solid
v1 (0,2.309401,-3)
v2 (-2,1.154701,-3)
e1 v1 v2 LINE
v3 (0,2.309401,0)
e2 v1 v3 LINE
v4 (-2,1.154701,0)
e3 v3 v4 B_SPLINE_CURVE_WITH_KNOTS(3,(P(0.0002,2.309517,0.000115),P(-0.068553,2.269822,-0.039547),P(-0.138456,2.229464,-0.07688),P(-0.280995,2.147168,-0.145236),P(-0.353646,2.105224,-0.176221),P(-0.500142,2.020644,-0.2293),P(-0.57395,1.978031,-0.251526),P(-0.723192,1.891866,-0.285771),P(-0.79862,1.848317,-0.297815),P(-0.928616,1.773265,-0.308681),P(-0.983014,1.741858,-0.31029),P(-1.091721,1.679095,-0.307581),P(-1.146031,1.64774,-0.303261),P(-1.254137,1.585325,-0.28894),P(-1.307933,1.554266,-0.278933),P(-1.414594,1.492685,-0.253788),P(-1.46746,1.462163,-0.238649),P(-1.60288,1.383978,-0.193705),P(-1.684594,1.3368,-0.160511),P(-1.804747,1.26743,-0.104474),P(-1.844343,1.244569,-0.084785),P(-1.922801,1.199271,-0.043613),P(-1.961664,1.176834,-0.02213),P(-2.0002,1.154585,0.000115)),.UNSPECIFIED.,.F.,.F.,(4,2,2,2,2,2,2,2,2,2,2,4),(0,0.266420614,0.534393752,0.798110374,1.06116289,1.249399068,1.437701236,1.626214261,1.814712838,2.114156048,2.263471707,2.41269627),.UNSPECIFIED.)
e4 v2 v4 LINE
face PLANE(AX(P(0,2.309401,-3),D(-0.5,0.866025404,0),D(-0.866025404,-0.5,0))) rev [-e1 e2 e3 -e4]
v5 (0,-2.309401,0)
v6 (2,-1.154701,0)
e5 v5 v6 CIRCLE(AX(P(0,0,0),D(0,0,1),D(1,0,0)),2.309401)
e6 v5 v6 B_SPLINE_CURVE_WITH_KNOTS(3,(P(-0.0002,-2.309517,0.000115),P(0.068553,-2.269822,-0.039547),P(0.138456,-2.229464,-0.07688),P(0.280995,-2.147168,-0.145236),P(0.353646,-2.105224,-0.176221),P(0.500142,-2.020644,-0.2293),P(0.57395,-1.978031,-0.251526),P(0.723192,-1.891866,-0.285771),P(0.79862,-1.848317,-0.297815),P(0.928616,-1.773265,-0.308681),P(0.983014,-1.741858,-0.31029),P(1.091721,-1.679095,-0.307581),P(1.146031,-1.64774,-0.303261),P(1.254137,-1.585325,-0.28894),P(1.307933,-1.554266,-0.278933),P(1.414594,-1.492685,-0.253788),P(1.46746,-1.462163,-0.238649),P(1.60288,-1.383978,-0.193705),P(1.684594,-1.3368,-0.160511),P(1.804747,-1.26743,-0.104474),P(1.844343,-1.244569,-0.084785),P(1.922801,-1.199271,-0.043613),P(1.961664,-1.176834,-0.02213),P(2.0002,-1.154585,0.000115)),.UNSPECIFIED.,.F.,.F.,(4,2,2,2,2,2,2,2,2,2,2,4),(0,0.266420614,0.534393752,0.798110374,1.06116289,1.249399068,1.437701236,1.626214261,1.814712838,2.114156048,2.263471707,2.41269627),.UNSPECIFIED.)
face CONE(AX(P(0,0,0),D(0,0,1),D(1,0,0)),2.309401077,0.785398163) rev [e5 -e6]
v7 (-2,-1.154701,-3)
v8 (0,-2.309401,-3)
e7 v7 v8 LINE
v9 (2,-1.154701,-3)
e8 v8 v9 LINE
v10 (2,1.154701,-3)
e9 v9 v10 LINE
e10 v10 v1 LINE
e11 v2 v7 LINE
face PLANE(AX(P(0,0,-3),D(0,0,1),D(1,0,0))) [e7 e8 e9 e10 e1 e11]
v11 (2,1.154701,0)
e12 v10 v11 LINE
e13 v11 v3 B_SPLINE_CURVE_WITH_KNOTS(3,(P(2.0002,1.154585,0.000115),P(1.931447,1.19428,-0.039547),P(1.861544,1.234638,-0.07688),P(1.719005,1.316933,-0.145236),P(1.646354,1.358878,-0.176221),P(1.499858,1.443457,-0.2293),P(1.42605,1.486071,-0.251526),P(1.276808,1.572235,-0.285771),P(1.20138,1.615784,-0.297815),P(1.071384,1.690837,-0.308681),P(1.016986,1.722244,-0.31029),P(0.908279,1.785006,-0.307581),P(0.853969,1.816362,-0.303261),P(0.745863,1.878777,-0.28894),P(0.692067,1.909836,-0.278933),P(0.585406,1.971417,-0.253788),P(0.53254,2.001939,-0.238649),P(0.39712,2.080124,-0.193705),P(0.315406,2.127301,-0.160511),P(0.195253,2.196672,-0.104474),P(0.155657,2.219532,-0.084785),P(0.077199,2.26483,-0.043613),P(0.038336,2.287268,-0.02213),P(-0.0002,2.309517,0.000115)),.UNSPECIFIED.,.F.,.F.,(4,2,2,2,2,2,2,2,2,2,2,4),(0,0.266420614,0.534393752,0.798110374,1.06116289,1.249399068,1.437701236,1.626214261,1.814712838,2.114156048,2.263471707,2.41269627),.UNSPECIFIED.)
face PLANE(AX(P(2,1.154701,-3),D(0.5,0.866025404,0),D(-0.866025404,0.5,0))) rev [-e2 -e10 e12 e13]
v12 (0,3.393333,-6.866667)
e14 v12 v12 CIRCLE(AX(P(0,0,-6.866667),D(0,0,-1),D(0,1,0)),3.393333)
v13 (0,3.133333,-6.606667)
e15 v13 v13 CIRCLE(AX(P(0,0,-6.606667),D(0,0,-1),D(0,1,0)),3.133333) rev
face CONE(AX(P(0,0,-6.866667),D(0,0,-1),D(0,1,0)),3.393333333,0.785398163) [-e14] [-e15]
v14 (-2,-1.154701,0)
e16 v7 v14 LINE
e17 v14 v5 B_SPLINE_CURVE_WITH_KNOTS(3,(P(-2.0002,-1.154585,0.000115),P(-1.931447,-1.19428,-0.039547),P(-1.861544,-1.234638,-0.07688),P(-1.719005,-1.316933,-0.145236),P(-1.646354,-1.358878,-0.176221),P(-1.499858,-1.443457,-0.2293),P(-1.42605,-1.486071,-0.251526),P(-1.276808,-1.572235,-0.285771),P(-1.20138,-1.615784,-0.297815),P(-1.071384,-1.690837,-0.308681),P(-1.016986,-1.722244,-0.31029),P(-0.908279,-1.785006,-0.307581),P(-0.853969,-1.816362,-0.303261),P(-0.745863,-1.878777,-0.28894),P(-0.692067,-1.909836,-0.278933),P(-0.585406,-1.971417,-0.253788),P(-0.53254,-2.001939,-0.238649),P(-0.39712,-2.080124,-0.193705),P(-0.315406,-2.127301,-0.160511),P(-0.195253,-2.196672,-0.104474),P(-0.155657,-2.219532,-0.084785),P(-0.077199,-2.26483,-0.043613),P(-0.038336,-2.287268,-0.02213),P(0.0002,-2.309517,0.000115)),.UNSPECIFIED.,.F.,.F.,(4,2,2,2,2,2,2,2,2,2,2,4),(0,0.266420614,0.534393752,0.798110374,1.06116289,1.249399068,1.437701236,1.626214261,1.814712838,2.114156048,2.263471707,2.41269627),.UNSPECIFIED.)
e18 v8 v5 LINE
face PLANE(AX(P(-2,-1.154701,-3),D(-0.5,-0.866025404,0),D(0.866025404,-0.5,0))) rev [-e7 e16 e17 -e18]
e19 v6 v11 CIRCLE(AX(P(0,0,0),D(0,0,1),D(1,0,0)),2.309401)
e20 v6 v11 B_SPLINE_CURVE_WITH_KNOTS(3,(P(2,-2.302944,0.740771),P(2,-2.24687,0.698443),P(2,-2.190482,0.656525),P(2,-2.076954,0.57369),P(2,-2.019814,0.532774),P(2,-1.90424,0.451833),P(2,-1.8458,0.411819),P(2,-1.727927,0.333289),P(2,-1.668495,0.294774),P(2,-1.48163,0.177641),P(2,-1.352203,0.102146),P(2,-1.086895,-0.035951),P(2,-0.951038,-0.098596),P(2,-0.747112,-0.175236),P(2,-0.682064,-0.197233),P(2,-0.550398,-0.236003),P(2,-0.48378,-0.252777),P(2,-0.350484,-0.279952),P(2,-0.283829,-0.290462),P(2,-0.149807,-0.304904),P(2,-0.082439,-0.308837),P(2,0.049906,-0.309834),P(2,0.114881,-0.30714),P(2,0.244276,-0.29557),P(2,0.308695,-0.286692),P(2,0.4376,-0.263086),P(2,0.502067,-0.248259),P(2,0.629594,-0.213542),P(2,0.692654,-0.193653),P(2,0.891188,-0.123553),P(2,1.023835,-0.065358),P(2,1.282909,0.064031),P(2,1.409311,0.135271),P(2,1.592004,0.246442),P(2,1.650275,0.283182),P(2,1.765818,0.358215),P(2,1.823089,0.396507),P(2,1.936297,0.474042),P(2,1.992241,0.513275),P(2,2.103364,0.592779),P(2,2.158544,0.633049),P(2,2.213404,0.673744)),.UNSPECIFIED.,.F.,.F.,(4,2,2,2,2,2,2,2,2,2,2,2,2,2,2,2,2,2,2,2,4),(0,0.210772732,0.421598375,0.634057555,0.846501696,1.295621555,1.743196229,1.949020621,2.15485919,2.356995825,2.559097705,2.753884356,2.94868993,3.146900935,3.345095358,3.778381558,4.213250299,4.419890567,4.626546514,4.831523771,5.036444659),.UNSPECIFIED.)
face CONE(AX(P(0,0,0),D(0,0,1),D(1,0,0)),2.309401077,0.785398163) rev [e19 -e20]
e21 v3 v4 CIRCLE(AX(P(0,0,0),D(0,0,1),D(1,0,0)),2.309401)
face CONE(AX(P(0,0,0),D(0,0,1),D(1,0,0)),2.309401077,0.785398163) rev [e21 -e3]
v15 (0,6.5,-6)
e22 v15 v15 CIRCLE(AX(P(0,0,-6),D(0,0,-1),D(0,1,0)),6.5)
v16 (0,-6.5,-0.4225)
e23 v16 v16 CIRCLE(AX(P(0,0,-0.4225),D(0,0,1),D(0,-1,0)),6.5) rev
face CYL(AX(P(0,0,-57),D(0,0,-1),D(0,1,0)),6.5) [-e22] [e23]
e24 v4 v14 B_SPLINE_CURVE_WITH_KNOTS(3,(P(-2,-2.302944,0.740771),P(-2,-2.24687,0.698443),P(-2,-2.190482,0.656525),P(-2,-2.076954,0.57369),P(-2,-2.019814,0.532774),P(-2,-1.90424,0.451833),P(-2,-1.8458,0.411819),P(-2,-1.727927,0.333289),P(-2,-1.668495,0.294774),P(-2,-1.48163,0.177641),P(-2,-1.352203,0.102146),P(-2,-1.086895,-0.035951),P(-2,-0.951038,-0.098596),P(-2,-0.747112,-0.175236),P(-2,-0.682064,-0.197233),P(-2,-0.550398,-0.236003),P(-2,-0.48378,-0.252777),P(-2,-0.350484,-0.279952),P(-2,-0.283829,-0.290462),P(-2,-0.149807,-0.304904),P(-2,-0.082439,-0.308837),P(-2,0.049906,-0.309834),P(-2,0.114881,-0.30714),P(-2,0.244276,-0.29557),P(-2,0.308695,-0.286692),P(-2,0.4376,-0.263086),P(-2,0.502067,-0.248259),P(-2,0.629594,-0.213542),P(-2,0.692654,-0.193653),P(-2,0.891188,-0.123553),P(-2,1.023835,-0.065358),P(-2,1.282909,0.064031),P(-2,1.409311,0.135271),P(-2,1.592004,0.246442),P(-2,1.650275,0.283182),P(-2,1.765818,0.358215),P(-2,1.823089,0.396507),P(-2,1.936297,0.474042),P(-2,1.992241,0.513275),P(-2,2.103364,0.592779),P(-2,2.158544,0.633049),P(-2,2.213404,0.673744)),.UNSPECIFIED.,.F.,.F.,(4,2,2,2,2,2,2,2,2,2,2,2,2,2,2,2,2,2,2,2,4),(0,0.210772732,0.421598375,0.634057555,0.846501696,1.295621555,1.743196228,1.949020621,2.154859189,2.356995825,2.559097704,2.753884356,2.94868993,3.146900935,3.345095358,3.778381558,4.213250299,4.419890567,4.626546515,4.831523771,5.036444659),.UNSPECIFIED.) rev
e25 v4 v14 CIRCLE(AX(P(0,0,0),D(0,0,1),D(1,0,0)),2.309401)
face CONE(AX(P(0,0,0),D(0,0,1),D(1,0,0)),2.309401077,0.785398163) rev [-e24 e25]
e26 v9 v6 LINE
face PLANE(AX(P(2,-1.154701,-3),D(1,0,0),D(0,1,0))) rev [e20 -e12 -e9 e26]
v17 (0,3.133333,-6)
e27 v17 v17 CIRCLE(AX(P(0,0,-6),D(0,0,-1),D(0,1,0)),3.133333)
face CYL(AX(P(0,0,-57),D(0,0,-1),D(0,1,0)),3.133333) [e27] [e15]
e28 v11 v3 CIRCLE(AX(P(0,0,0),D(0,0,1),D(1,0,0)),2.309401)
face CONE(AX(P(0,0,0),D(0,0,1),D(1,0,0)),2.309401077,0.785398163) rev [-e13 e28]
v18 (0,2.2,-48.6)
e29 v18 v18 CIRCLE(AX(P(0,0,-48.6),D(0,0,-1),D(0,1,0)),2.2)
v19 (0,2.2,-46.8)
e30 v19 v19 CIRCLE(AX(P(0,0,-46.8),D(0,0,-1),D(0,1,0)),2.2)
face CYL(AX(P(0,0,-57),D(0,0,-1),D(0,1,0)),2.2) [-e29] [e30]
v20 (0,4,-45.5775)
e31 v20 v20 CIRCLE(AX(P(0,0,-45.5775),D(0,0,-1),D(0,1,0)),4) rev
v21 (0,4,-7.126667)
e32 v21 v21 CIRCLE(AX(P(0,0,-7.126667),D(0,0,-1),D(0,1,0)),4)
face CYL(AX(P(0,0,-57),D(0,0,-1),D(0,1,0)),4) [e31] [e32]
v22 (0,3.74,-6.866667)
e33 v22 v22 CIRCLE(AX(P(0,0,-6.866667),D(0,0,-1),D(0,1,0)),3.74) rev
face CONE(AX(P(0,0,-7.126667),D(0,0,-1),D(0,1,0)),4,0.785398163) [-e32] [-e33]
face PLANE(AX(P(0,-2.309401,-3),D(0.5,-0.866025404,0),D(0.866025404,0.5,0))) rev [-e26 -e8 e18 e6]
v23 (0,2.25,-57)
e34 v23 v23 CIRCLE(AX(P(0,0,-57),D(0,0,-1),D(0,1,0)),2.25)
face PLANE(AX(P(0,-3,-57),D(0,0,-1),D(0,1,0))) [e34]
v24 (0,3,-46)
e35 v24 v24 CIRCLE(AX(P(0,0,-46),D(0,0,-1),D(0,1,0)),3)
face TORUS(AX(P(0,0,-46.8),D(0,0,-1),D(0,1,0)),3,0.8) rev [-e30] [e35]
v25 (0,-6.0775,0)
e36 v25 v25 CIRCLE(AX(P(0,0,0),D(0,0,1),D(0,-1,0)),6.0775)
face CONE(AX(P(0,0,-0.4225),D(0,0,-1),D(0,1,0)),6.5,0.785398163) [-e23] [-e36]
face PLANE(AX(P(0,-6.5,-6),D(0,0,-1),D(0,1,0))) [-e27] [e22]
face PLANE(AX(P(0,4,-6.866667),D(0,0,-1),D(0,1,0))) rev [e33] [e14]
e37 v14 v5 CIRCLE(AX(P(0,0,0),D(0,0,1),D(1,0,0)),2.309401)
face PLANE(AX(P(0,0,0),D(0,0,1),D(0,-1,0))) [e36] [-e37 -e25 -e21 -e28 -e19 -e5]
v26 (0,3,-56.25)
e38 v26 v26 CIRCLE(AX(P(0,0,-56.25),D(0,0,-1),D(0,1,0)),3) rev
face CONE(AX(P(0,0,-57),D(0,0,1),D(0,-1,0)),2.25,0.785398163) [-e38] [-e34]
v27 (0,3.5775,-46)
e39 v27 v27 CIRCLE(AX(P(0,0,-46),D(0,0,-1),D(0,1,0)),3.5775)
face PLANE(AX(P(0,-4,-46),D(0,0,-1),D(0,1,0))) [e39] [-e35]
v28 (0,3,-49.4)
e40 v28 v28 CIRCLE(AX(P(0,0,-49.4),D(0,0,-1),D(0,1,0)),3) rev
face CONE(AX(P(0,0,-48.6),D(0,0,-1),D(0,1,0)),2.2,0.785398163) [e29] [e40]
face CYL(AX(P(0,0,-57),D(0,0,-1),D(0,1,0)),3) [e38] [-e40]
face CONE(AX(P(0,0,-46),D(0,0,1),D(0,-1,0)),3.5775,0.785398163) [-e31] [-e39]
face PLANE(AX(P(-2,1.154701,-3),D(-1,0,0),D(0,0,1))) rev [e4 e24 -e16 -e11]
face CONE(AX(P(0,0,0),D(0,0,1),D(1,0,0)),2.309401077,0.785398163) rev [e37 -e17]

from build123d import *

# Parameters (mm, degrees)
SKETCH12_W         = 0.866666667
SKETCH12_H         = 0.866666667
CHAMFER3_SIZE      = 0.26
CHAMFER1_SIZE      = 0.75
CHAMFER2_SIZE      = 0.4225
CUT_EXTRUDE2_DEPTH = 3


with BuildPart() as part:
    # Sketch1 → Revolve1 (revolve)
    with BuildSketch(Plane(origin=(0, 0, 0), x_dir=(0, 0, -1), z_dir=(1, 0, 0))):
        Polygon((0, 6.5), (6, 6.5), (6, 4), (46, 4), (46, 3), (57, 3), (57, 0), (0, 0), align=None)
    revolve(axis=Axis((0, 0, -57), (0, 0, 1)))

    # Sketch12 → Cut-Revolve2 (revolve, cut)
    with BuildSketch(Plane(origin=(0, 0, 0), x_dir=(0, 0, -1), z_dir=(1, 0, 0))):
        with Locations((6.433333334, 3.566666667)):
            Rectangle(SKETCH12_W, SKETCH12_H)
    revolve(axis=Axis((0, 0, -57), (0, 0, 1)), mode=Mode.SUBTRACT)

    # Chamfer3
    chamfer3_edges = [part.edges().sort_by_distance(p)[0] for p in [
        (0, -3.133333333, -6.866666667),
        (0, -4, -6.866666667),
    ]]
    chamfer(chamfer3_edges, length=CHAMFER3_SIZE)

    # Sketch5 → Cut-Revolve1 (revolve, cut)
    with BuildSketch(Plane(origin=(0, 0, 0), x_dir=(0, 0, -1), z_dir=(1, 0, 0))):
        with BuildLine():
            Line((46, 4), (50.4, 4))
            Line((50.4, 4), (48.6, 2.2))
            Line((48.6, 2.2), (46.8, 2.2))
            ThreePointArc((46.8, 2.2), (46.234314575, 2.434314575), (46, 3))
            Line((46, 3), (46, 4))
        make_face()
    revolve(axis=Axis((0, 0, -57), (0, 0, 1)), mode=Mode.SUBTRACT)

    # Chamfer1
    chamfer1_edges = [part.edges().sort_by_distance(p)[0] for p in [
        (0, -3, -57),
    ]]
    chamfer(chamfer1_edges, length=CHAMFER1_SIZE)

    # Chamfer2
    chamfer2_edges = [part.edges().sort_by_distance(p)[0] for p in [
        (0, -4, -46),
        (0, -6.5, 0),
    ]]
    chamfer(chamfer2_edges, length=CHAMFER2_SIZE)

    # Sketch8 → Cut-Extrude2 (cut)
    with BuildSketch(Plane.XY):
        Polygon((2, 1.154700538), (0, 2.309401077), (-2, 1.154700538), (-2, -1.154700538), (0, -2.309401077), (2, -1.154700538), align=None)
    extrude(amount=-CUT_EXTRUDE2_DEPTH, mode=Mode.SUBTRACT)

    # Cut-Extrude4 cone 1 section (through the dimple's axis) → Cut-Extrude4 (revolve, cut)
    with BuildSketch(Plane(origin=(0, 0, 0), x_dir=(0, -1, 0), z_dir=(1, 0, 0))):
        Polygon((0, 0), (2.309401077, 0), (0, 2.309401077), align=None)
    revolve(axis=Axis((0, 0, 0), (0, 0, -1)), mode=Mode.SUBTRACT)


solid = part.part
